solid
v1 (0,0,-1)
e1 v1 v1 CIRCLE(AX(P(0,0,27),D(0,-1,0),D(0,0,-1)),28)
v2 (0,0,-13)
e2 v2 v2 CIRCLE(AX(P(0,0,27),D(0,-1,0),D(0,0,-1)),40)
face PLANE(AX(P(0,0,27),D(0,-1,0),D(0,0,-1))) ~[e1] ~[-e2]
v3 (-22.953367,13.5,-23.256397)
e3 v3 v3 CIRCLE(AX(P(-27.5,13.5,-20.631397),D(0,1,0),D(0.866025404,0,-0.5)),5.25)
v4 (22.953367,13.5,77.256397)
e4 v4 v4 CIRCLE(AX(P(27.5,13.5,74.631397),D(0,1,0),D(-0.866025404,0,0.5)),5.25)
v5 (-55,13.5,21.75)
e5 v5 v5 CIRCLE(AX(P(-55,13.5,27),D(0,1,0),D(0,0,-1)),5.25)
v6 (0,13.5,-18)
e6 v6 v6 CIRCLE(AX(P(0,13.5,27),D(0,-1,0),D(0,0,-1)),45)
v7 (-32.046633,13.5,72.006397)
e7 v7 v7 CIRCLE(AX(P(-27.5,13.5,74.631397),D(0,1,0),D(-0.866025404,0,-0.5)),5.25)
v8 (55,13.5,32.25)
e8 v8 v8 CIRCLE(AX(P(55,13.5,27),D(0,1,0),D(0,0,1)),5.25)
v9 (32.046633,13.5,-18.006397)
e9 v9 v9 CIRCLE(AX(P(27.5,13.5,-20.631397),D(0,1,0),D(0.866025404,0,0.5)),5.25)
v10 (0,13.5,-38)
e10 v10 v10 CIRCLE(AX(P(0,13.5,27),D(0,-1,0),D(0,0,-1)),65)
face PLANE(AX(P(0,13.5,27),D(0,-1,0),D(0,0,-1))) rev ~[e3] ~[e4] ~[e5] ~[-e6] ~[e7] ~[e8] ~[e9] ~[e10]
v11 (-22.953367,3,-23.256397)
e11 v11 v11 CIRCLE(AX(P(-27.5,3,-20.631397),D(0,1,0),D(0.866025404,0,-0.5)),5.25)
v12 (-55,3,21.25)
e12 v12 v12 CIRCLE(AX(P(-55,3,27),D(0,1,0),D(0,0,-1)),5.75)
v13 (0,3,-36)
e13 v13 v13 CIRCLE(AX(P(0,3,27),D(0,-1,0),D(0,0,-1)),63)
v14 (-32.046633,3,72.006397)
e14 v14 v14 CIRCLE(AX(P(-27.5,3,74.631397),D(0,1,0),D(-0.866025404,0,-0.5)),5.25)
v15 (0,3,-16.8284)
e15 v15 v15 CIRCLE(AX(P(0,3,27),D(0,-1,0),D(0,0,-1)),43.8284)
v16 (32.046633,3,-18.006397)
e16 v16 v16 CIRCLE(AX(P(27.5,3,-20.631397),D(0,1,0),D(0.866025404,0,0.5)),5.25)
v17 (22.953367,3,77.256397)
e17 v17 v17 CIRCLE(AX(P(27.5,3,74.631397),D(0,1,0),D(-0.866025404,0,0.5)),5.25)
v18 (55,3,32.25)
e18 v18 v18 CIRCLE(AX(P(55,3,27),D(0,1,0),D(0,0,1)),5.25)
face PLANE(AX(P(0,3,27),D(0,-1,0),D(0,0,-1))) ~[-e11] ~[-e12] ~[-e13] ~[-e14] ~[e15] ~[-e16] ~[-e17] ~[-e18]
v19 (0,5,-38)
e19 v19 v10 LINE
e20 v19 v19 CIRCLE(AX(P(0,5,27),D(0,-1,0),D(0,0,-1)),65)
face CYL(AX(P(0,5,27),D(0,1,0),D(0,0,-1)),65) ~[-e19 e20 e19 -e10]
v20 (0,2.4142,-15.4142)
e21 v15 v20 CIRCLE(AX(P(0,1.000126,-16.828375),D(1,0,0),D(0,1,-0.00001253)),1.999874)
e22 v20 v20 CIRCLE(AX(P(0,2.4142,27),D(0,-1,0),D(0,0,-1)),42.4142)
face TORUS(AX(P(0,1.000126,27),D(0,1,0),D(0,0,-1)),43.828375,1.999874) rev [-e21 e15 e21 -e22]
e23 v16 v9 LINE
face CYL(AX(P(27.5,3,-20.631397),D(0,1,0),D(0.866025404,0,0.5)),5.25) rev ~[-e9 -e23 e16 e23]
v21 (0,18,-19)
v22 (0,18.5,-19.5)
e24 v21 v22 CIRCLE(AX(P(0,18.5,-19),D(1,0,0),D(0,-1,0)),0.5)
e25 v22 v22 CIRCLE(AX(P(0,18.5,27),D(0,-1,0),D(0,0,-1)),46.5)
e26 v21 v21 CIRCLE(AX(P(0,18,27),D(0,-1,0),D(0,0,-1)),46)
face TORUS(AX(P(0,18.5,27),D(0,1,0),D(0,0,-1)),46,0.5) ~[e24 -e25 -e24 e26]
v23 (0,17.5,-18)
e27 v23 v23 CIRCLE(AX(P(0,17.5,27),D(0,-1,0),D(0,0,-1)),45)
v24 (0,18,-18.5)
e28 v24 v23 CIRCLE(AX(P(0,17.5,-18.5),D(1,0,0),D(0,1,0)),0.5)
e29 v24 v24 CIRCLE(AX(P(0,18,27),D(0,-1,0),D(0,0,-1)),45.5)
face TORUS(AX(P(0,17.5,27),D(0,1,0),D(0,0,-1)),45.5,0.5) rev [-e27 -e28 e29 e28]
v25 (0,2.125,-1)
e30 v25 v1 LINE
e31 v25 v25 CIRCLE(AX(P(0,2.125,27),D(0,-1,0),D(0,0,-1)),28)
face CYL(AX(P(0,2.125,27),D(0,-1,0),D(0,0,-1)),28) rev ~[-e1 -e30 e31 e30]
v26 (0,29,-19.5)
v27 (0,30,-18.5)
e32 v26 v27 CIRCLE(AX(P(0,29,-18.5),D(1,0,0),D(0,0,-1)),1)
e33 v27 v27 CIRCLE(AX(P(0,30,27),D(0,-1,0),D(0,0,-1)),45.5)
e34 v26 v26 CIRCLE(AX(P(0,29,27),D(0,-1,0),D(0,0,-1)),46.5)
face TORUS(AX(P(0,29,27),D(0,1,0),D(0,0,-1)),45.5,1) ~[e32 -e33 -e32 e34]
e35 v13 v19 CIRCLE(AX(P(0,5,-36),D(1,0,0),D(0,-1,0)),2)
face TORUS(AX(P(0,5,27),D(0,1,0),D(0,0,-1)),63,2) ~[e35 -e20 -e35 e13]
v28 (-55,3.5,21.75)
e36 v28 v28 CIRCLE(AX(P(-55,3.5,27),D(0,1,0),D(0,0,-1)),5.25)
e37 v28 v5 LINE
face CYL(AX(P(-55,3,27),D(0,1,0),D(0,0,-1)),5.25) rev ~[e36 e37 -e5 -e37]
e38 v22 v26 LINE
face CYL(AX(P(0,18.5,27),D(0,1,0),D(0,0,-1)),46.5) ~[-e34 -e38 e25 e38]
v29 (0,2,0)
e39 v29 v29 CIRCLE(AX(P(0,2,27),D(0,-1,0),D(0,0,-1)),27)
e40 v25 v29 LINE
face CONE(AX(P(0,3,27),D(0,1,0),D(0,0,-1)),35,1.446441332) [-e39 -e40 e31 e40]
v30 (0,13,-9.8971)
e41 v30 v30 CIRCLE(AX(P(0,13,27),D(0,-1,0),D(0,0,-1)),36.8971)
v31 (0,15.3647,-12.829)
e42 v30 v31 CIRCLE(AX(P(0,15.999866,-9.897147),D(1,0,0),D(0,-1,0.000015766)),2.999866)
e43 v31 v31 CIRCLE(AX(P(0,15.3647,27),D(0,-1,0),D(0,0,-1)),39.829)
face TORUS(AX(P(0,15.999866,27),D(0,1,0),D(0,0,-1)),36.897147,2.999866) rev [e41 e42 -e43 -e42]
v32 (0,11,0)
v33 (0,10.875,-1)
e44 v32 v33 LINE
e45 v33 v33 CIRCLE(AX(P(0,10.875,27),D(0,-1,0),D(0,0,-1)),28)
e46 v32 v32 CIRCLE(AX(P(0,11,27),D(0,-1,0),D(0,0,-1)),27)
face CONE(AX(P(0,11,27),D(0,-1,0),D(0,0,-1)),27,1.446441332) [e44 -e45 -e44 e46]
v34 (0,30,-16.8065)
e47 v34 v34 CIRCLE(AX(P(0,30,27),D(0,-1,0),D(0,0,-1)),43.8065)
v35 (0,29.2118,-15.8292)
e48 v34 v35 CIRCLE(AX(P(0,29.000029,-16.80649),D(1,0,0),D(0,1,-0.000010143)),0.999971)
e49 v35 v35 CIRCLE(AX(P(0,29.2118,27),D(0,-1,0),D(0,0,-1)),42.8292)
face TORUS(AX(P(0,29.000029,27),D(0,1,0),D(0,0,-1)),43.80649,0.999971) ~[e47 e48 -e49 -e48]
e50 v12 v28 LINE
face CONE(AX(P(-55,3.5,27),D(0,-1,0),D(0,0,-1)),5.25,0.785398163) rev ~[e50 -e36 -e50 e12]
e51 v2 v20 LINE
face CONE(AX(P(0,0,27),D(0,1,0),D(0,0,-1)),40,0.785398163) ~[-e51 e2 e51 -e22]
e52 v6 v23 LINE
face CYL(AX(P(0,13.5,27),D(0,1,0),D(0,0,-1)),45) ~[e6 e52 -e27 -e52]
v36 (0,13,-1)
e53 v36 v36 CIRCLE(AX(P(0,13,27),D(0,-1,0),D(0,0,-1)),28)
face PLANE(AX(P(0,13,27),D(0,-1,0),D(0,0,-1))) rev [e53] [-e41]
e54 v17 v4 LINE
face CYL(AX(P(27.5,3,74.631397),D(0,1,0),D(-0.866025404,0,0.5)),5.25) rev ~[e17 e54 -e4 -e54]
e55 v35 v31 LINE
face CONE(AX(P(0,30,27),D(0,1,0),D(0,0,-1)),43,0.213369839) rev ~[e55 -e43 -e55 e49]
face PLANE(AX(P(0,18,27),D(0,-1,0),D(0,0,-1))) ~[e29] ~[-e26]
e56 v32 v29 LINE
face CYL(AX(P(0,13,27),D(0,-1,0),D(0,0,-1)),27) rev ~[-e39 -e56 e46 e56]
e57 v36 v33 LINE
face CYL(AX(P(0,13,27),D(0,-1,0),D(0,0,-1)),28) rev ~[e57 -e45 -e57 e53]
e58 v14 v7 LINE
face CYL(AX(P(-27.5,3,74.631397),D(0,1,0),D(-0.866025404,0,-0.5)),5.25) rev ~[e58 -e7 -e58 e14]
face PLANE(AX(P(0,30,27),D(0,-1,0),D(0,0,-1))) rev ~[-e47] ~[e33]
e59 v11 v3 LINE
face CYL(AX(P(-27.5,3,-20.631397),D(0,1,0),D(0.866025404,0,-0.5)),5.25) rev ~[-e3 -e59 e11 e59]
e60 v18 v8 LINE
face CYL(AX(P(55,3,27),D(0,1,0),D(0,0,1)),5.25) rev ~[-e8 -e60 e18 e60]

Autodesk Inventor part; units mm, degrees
ref_plane "YZ Plane" through (0, 0, 0) normal (1, 0, 0) x (0, 1, 0)
ref_plane "XZ Plane" through (0, 0, 0) normal (0, 1, 0) x (-1, 0, 0)
ref_plane "XY Plane" through (0, 0, 0) normal (0, 0, 1) x (1, 0, 0)
sketch "Sketch1" plane through (0, 0, 0) normal (1, 0, 0) x (0, 1, 0)
  line L0 (0, 0) -> (0, -13)
  line L1 (0, -13) -> (0, -13)
  line L2 (3, -16.8284) -> (3, -36)
  line L3 (5, -38) -> (13.5, -38)
  line L4 (13.5, -38) -> (13.5, -18)
  line L5 (13.5, -18) -> (17.5, -18)
  arc A0 (3, -36) -> (5, -38) centre (5, -36) ccw
  line L6 (0, -13) -> (2.4142, -15.4142)
  arc A1 (3, -16.8284) -> (2.4142, -15.4142) centre (1, -16.8284) ccw
  line L7 (13, 0) -> (0, 0)
  line L8 (64.2413, 27) -> (-63.4715, 27)
  line L9 (11, 0) -> (2, 0) construction
  line L10 (11, 0) -> (13, 0)
  line L11 (2, 0) -> (0, 0)
  line L12 (11, 0) -> (10, -8)
  line L13 (10, -8) -> (3, -8)
  line L14 (3, -8) -> (2, 0)
  line L15 (6.5, 0) -> (6.5, -8) construction
  line L16 (13, -1) -> (10.875, -1)
  line L17 (2.125, -1) -> (0, -1)
  line L18 (18, -18.5) -> (18, -19)
  line L19 (18.5, -19.5) -> (29, -19.5)
  line L20 (30, -18.5) -> (30, -16.8065)
  line L21 (0, -13) -> (13, -13) construction
  line L22 (13, -9.5) -> (0, -9.5) construction
  line L23 (29.2118, -15.8292) -> (0, -9.5) construction
  line L24 (13, 0) -> (13, -9.8971)
  line L25 (30, -16) -> (15.3647, -12.829)
  arc A2 (13, -9.8971) -> (15.3647, -12.829) centre (16, -9.8971) ccw
  arc A3 (30, -16.8065) -> (29.2118, -15.8292) centre (29, -16.8065) ccw
  arc A4 (29, -19.5) -> (30, -18.5) centre (29, -18.5) ccw
  arc A5 (18, -19) -> (18.5, -19.5) centre (18.5, -19) ccw
  arc A6 (18, -18.5) -> (17.5, -18) centre (17.5, -18.5) ccw
  point P0 (3, -13)
  point P1 (3, -38)
  point P2 (13, -18)
  point P3 (18, -18)
  point P4 (11.9375, -1)
  point P5 (18, -19.5)
  point P6 (30, -19.5)
  point P7 (13, -12.3167)
  point P8 (29.2118, -15.8292)
  dimension "d1" = 10.5
  dimension "d2" = 13
  dimension "d3" = 3
  dimension "d5" = 20
  dimension "d16" = 2
  dimension "d20" = 130
  dimension "d36" = 7
  dimension "d37" = 2
  dimension "d38" = 0
  dimension "d39" = 8
  dimension "d40" = 1
  dimension "d41" = 1
  dimension "d43" = 1.5
  dimension "d44" = 4.5
  dimension "d45" = 12
  dimension "d46" = 3.5
  dimension "d47" = 3.5
  dimension "d48" = 10
  dimension "d49" = 3
  dimension "d50" = 1
  dimension "d51" = 0.5
  dimension "d52" = 9
revolve "Revolution1" add sketch "Sketch1" angle 360 about axis through (0, 64.2413, 27) along (0, -1, 0) contours L17 L14 L13 L12 L16 L24 A2 L25 A3 L20 A4 L19 A5 L18 A6 L5 L4 L3 A0 L2 A1 L6 L0 | L7 L12 L13 L14
sketch "Sketch3" plane through (0, 3, 27) normal (0, -1, 0) x (1, 0, 0)
  circle A0 centre (0, 0) radius 55
  circle A1 centre (0, 0) radius 63 projected
  circle A2 centre (-55, 0) radius 5.25
  line L0 (72.7764, 0) -> (-106.6321, 0) construction
  point P0 (0, -27)
  dimension "d53" = 110
  dimension "d55" = 10.5
hole "Hole2" at (-55, 3, 27) direction (0, 1, 0) diameter 10.5 end through all
chamfer "Chamfer2" distance 0.5 angle 45 1 edges at (-55, 3, 32.25)
pattern_circular "Circular Pattern2" count 6 over 360 about axis through (0, 9.25, 27) along (0, -1, 0) of "Hole2"
sketch "Sketch4" plane through (0, 0, 27) normal (0, -1, 0) x (1, 0, 0)
  point P0 (0, -27)
properties part number "05_Nap_o_thung"
